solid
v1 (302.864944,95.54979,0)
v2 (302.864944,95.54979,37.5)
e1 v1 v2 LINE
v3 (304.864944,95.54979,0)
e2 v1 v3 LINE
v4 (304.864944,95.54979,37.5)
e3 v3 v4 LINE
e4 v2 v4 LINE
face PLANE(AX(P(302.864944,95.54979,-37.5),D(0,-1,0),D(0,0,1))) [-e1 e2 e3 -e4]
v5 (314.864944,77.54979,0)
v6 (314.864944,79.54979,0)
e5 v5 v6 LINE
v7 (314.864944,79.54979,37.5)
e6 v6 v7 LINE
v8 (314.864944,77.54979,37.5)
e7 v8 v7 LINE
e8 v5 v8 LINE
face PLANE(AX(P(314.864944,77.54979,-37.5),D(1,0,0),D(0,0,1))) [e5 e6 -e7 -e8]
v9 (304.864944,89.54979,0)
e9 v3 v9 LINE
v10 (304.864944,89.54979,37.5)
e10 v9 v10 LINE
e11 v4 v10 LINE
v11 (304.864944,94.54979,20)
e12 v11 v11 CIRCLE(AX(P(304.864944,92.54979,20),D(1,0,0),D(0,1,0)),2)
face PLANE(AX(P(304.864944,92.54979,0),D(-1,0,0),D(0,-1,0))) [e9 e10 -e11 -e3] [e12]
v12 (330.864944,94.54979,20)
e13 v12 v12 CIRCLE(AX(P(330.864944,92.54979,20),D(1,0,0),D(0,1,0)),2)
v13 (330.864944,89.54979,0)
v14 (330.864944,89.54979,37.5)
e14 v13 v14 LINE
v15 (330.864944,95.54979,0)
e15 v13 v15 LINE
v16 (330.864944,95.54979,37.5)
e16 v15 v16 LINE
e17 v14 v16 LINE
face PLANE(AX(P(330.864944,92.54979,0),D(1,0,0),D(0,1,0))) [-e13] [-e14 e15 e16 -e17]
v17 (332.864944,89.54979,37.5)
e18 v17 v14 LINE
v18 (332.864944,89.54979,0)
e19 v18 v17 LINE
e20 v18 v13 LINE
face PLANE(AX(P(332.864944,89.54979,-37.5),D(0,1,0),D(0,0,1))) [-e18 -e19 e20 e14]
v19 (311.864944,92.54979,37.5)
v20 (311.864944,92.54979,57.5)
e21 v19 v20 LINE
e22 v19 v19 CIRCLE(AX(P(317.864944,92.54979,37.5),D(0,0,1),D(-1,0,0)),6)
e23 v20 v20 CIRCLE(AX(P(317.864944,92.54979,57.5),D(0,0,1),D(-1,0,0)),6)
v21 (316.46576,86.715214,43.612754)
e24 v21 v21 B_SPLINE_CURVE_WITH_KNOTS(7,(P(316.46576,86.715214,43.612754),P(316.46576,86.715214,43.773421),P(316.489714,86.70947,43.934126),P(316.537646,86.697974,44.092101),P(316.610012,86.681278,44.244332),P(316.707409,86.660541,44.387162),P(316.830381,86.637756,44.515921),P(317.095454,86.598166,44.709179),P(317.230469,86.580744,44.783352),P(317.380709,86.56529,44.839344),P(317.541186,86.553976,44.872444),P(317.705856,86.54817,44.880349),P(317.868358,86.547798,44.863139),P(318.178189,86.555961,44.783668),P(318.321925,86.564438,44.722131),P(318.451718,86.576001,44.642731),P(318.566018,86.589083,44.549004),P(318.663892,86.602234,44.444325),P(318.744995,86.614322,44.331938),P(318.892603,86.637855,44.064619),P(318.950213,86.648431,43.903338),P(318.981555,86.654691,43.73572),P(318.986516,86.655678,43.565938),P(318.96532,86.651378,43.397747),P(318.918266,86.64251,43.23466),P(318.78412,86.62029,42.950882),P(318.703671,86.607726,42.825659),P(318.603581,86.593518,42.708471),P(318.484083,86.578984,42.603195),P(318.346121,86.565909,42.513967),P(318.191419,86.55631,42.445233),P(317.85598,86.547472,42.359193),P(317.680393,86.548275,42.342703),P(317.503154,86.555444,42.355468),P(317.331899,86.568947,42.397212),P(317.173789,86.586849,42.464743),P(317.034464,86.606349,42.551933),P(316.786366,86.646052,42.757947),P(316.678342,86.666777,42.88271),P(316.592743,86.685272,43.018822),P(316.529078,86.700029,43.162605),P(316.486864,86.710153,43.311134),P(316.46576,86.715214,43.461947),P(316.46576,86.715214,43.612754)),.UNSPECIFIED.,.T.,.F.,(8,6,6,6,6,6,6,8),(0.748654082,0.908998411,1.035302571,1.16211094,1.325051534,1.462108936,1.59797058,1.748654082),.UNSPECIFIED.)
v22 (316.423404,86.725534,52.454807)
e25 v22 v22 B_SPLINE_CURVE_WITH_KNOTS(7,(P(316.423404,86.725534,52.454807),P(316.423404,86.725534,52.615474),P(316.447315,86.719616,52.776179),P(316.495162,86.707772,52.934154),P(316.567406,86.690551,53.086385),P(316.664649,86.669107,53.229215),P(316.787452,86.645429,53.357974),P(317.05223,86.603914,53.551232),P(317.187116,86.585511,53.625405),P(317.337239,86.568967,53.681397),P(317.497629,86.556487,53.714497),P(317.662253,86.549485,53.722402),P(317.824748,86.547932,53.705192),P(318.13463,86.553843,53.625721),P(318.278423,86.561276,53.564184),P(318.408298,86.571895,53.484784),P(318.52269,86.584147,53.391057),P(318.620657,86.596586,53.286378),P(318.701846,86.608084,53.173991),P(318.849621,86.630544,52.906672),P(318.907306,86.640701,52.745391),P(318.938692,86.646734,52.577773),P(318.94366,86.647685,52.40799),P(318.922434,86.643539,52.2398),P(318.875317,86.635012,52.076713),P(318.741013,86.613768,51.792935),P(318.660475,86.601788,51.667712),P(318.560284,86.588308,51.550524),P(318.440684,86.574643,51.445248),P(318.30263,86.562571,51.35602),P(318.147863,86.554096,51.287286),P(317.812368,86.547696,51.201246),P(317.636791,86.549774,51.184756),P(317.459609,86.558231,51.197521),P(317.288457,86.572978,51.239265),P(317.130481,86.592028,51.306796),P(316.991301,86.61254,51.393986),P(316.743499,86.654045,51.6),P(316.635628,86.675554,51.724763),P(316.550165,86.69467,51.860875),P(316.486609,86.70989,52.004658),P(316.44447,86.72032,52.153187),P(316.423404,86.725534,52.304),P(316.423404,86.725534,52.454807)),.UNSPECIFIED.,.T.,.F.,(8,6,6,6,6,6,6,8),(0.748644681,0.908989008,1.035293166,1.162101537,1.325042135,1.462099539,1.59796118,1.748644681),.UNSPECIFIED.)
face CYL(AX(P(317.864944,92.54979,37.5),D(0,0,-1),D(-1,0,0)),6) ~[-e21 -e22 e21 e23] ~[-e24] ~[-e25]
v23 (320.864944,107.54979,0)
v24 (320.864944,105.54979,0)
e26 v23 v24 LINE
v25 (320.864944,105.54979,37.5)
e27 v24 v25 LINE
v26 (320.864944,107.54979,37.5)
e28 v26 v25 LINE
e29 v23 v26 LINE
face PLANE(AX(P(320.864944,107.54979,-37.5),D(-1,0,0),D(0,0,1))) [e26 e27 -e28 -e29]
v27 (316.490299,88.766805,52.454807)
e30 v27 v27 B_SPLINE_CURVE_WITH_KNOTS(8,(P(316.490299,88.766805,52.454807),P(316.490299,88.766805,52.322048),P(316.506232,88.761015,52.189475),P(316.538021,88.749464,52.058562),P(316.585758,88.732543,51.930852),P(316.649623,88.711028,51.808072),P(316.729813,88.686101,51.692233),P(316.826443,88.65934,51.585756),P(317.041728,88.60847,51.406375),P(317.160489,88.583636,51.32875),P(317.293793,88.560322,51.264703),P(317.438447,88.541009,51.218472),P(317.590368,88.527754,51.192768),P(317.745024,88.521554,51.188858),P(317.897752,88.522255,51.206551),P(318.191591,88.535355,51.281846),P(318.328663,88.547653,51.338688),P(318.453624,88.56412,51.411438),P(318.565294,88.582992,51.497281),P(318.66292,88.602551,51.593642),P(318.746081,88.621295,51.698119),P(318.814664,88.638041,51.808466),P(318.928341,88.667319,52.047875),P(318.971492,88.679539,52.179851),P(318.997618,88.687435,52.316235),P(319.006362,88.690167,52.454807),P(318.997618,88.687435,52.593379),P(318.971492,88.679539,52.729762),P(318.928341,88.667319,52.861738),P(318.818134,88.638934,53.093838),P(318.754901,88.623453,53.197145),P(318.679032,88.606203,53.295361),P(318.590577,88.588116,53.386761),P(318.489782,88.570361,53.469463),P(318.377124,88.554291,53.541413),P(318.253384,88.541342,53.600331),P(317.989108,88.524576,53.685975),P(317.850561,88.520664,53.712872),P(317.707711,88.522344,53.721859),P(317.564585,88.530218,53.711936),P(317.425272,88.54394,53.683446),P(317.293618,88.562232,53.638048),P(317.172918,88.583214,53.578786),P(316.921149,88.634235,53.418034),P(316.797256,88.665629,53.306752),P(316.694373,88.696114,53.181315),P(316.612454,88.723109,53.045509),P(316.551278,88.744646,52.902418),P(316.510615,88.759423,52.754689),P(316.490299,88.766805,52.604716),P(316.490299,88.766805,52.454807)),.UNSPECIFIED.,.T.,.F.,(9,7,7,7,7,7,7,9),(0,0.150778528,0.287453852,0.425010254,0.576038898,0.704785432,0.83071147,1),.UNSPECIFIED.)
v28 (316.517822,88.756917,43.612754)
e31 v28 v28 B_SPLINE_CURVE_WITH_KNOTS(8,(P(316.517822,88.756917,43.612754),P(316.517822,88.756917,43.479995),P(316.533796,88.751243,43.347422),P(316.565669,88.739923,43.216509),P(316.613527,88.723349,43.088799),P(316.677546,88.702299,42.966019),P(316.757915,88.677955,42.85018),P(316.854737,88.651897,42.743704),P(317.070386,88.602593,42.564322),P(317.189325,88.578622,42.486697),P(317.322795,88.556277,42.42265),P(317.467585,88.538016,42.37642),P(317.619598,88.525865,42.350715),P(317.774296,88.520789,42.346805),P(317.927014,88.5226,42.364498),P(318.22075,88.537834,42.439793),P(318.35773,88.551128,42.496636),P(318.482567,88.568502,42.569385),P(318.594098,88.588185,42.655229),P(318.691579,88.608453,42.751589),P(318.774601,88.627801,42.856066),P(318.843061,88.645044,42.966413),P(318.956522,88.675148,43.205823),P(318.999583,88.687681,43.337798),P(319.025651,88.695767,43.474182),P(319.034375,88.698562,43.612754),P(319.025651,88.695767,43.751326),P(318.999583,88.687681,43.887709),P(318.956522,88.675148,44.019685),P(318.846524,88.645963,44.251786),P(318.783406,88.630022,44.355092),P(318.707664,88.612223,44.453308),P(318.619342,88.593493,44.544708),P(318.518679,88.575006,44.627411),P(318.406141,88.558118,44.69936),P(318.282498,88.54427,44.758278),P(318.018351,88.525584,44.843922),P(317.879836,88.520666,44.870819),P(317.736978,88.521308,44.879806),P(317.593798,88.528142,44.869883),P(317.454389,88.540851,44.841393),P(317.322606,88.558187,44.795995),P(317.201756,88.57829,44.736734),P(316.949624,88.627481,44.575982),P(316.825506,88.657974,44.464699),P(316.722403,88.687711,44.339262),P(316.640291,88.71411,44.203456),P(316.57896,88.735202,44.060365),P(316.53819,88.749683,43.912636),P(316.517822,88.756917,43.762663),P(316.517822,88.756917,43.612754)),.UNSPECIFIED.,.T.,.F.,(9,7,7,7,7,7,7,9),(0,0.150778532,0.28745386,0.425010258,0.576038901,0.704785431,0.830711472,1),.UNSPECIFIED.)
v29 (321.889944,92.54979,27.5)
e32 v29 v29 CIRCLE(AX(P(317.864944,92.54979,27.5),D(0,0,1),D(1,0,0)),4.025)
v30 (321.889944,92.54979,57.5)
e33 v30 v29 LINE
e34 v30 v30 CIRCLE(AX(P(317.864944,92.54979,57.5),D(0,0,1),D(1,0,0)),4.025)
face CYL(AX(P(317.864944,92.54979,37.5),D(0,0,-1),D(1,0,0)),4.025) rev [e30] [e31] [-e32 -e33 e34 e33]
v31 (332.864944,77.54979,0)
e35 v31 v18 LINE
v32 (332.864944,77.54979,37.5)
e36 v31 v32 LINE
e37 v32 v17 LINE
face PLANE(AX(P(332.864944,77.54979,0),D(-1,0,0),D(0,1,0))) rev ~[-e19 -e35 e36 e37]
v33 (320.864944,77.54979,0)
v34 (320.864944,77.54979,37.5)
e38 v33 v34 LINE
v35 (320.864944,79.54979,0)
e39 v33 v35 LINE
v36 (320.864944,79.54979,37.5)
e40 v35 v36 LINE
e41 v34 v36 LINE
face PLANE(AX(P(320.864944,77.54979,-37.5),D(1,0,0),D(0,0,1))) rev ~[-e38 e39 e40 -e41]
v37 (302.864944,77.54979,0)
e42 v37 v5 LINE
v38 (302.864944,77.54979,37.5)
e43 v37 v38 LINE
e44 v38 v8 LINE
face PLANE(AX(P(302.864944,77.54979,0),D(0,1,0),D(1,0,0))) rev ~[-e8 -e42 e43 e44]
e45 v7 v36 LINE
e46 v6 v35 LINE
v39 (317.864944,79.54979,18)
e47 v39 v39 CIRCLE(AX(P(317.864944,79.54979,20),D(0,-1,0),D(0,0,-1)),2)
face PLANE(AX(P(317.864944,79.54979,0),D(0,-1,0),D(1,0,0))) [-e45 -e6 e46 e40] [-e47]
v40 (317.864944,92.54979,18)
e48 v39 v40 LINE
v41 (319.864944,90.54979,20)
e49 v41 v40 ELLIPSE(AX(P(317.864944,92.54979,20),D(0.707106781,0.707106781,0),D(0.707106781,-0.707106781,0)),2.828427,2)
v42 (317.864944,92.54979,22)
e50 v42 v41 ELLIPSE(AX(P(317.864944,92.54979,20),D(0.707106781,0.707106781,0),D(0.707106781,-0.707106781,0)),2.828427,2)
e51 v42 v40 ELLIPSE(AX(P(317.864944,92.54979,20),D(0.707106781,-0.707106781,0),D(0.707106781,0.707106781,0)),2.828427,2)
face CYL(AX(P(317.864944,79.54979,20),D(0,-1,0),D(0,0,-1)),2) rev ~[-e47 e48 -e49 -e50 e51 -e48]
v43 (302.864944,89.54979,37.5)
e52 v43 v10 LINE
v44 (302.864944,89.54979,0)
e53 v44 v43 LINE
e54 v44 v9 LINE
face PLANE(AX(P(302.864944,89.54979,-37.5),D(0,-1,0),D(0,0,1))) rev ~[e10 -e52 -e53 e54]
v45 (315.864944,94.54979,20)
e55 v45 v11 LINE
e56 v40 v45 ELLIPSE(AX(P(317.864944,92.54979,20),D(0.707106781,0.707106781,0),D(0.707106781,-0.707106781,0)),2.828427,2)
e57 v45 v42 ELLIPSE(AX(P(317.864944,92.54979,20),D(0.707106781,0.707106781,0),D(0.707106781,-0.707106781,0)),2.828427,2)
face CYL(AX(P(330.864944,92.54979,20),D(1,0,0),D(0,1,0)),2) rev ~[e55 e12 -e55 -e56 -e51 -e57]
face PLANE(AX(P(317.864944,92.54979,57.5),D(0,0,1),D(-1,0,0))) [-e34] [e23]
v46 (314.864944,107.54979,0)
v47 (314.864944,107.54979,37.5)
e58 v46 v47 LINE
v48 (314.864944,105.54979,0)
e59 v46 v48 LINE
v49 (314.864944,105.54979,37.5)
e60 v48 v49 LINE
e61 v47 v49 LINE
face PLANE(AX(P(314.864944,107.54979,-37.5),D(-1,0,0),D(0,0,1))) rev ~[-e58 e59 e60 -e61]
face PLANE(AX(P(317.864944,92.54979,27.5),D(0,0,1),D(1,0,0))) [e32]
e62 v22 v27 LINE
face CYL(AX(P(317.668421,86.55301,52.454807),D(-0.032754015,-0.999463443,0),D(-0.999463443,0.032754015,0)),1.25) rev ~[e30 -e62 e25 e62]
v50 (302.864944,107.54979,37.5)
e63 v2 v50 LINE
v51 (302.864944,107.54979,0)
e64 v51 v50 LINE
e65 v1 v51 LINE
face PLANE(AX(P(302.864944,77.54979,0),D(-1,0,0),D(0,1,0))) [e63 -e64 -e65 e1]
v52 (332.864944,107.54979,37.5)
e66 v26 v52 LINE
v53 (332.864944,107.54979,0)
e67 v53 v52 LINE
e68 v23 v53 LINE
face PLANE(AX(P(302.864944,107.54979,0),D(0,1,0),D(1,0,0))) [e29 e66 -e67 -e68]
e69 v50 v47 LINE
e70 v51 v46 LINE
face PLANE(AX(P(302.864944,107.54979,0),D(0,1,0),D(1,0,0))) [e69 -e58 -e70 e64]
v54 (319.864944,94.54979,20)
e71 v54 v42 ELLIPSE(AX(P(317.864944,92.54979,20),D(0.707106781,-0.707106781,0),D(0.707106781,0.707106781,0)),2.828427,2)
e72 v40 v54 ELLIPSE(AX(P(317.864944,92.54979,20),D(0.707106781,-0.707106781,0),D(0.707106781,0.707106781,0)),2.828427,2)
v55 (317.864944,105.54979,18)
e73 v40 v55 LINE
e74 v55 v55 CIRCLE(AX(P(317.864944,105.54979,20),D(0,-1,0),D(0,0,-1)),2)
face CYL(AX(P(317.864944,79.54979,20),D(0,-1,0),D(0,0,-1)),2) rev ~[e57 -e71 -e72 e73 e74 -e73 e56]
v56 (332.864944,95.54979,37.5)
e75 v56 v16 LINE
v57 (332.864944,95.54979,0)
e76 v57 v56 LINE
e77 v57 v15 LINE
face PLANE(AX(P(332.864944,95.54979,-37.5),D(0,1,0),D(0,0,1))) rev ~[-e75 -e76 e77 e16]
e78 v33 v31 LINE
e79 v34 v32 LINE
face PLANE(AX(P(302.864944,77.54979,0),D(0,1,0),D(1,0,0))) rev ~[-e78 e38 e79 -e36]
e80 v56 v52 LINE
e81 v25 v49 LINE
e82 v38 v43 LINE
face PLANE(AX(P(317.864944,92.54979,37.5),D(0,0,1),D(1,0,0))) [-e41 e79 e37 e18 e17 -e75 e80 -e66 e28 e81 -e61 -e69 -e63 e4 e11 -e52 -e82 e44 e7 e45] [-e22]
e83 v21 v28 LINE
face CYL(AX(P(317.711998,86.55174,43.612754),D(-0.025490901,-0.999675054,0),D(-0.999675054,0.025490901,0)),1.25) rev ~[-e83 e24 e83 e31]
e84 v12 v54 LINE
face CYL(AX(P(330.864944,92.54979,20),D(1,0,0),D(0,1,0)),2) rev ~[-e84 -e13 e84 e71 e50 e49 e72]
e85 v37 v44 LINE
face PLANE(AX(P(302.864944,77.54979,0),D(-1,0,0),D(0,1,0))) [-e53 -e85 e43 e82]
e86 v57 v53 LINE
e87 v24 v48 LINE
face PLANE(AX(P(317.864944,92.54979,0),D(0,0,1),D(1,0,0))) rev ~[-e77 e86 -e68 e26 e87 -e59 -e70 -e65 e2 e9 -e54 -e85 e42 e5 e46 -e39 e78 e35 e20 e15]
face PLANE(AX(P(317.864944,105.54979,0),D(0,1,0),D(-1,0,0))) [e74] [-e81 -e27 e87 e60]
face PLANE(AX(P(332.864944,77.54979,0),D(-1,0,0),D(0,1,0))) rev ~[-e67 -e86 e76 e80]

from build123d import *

# Parameters (mm, degrees)
SKETCH1_W                           = 30
SKETCH1_H                           = 30
BOSS_EXTRUDE1_DEPTH                 = 37.5
SKETCH2_R                           = 6
SKETCH2_R_2                         = 4.025
BOSS_EXTRUDE2_DEPTH                 = 20
CUT_EXTRUDE1_START                  = -10
SKETCH3_R                           = 4.025
CUT_EXTRUDE1_DEPTH                  = 10
SKETCH4_W                           = 6
SKETCH4_H                           = 75
CUT_EXTRUDE2_DEPTH                  = 2
CIRPATTERN1_COUNT                   = 4
SKETCH5_R                           = 2
CUT_EXTRUDE3_DEPTH                  = 126.128763374
SKETCH6_R                           = 2
CUT_EXTRUDE4_DEPTH                  = 339.953272019
M3X0_5_TAPPED_HOLE1_REACH           = 52.721
M3X0_5_TAPPED_HOLE1_BORE_R          = 1.25
M3X0_5_TAPPED_HOLE1_ON_FACE_2_REACH = 60.509
M3X0_5_TAPPED_HOLE1_BORE_2_R        = 1.25


with BuildPart() as part:
    # Sketch1 → Boss-Extrude1 (new body)
    with BuildSketch(Plane.XY):
        with Locations((317.864943501, 92.549790439)):
            Rectangle(SKETCH1_W, SKETCH1_H)
    extrude(amount=BOSS_EXTRUDE1_DEPTH)

    # Sketch2 → Boss-Extrude2 (add)
    with BuildSketch(Plane.XY.offset(37.5)):
        with Locations(Location((317.864943501, 92.549790439, 0), (0, 0, 180))):
            Circle(SKETCH2_R)
        with Locations((317.864943501, 92.549790439)):
            Circle(SKETCH2_R_2, mode=Mode.SUBTRACT)
    extrude(amount=BOSS_EXTRUDE2_DEPTH)

    # Sketch3 → Cut-Extrude1 (cut)
    with BuildSketch(Plane.XY.offset(37.5).offset(CUT_EXTRUDE1_START)):
        with Locations((317.864943501, 92.549790439)):
            Circle(SKETCH3_R)
    extrude(amount=CUT_EXTRUDE1_DEPTH, mode=Mode.SUBTRACT)

    # Sketch4 → Cut-Extrude2 (cut)
    with BuildSketch(Plane.XZ.offset(-77.549790439)):
        with Locations((317.864943501, 0)):
            Rectangle(SKETCH4_W, SKETCH4_H)
    cut_extrude2 = extrude(amount=-CUT_EXTRUDE2_DEPTH, mode=Mode.SUBTRACT)

    # CirPattern1: Cut-Extrude2 ×4 about axis
    cirpattern1_axis = Axis((317.864943501, 92.549790439, 0), (0, 0, 1))
    for i in range(1, CIRPATTERN1_COUNT):
        add(cut_extrude2.rotate(cirpattern1_axis, i * 360 / CIRPATTERN1_COUNT), mode=Mode.SUBTRACT)

    # Sketch5 → Cut-Extrude3 (cut, through all)
    with BuildSketch(Plane(origin=(330.864943501, 0, 0), x_dir=(0, 0, -1), z_dir=(1, 0, 0))):
        with Locations(Location((-20, 92.549790439, 0), (0, 0, 90))):
            Circle(SKETCH5_R)
    extrude(amount=-CUT_EXTRUDE3_DEPTH, mode=Mode.SUBTRACT)

    # Sketch6 → Cut-Extrude4 (cut, through all)
    with BuildSketch(Plane.XZ.offset(-79.549790439)):
        with Locations(Location((317.864943501, 20, 0), (0, 0, 270))):
            Circle(SKETCH6_R)
    extrude(amount=-CUT_EXTRUDE4_DEPTH, mode=Mode.SUBTRACT)

    # M3x0.5 Tapped Hole1 bore (on position points) → M3x0.5 Tapped Hole1 (cut, up to next)
    with BuildSketch(Plane(origin=(317.711998096, 86.551740114, 43.612753669), x_dir=(-0.99967505419, 0.025490900946, 0), z_dir=(-0.025490900946, -0.99967505419, 0)), mode=Mode.PRIVATE) as m3x0_5_tapped_hole1_sk1:
        Circle(M3X0_5_TAPPED_HOLE1_BORE_R)
    m3x0_5_tapped_hole1_tool1 = extrude(m3x0_5_tapped_hole1_sk1.sketch, amount=-M3X0_5_TAPPED_HOLE1_REACH, mode=Mode.PRIVATE) & part.part
    add(m3x0_5_tapped_hole1_tool1.solids().sort_by_distance((317.711998, 86.55174, 43.612754))[0], mode=Mode.SUBTRACT)

    # M3x0.5 Tapped Hole1 bore 2 (on position points) → M3x0.5 Tapped Hole1 on face 2 (cut, up to next)
    with BuildSketch(Plane(origin=(317.668420808, 86.553009734, 52.454806576), x_dir=(-0.99946344332, 0.032754014528, 0), z_dir=(-0.032754014528, -0.99946344332, 0)), mode=Mode.PRIVATE) as m3x0_5_tapped_hole1_on_face_2_sk1:
        Circle(M3X0_5_TAPPED_HOLE1_BORE_2_R)
    m3x0_5_tapped_hole1_on_face_2_tool1 = extrude(m3x0_5_tapped_hole1_on_face_2_sk1.sketch, amount=-M3X0_5_TAPPED_HOLE1_ON_FACE_2_REACH, mode=Mode.PRIVATE) & part.part
    add(m3x0_5_tapped_hole1_on_face_2_tool1.solids().sort_by_distance((317.668421, 86.55301, 52.454807))[0], mode=Mode.SUBTRACT)


solid = part.part
